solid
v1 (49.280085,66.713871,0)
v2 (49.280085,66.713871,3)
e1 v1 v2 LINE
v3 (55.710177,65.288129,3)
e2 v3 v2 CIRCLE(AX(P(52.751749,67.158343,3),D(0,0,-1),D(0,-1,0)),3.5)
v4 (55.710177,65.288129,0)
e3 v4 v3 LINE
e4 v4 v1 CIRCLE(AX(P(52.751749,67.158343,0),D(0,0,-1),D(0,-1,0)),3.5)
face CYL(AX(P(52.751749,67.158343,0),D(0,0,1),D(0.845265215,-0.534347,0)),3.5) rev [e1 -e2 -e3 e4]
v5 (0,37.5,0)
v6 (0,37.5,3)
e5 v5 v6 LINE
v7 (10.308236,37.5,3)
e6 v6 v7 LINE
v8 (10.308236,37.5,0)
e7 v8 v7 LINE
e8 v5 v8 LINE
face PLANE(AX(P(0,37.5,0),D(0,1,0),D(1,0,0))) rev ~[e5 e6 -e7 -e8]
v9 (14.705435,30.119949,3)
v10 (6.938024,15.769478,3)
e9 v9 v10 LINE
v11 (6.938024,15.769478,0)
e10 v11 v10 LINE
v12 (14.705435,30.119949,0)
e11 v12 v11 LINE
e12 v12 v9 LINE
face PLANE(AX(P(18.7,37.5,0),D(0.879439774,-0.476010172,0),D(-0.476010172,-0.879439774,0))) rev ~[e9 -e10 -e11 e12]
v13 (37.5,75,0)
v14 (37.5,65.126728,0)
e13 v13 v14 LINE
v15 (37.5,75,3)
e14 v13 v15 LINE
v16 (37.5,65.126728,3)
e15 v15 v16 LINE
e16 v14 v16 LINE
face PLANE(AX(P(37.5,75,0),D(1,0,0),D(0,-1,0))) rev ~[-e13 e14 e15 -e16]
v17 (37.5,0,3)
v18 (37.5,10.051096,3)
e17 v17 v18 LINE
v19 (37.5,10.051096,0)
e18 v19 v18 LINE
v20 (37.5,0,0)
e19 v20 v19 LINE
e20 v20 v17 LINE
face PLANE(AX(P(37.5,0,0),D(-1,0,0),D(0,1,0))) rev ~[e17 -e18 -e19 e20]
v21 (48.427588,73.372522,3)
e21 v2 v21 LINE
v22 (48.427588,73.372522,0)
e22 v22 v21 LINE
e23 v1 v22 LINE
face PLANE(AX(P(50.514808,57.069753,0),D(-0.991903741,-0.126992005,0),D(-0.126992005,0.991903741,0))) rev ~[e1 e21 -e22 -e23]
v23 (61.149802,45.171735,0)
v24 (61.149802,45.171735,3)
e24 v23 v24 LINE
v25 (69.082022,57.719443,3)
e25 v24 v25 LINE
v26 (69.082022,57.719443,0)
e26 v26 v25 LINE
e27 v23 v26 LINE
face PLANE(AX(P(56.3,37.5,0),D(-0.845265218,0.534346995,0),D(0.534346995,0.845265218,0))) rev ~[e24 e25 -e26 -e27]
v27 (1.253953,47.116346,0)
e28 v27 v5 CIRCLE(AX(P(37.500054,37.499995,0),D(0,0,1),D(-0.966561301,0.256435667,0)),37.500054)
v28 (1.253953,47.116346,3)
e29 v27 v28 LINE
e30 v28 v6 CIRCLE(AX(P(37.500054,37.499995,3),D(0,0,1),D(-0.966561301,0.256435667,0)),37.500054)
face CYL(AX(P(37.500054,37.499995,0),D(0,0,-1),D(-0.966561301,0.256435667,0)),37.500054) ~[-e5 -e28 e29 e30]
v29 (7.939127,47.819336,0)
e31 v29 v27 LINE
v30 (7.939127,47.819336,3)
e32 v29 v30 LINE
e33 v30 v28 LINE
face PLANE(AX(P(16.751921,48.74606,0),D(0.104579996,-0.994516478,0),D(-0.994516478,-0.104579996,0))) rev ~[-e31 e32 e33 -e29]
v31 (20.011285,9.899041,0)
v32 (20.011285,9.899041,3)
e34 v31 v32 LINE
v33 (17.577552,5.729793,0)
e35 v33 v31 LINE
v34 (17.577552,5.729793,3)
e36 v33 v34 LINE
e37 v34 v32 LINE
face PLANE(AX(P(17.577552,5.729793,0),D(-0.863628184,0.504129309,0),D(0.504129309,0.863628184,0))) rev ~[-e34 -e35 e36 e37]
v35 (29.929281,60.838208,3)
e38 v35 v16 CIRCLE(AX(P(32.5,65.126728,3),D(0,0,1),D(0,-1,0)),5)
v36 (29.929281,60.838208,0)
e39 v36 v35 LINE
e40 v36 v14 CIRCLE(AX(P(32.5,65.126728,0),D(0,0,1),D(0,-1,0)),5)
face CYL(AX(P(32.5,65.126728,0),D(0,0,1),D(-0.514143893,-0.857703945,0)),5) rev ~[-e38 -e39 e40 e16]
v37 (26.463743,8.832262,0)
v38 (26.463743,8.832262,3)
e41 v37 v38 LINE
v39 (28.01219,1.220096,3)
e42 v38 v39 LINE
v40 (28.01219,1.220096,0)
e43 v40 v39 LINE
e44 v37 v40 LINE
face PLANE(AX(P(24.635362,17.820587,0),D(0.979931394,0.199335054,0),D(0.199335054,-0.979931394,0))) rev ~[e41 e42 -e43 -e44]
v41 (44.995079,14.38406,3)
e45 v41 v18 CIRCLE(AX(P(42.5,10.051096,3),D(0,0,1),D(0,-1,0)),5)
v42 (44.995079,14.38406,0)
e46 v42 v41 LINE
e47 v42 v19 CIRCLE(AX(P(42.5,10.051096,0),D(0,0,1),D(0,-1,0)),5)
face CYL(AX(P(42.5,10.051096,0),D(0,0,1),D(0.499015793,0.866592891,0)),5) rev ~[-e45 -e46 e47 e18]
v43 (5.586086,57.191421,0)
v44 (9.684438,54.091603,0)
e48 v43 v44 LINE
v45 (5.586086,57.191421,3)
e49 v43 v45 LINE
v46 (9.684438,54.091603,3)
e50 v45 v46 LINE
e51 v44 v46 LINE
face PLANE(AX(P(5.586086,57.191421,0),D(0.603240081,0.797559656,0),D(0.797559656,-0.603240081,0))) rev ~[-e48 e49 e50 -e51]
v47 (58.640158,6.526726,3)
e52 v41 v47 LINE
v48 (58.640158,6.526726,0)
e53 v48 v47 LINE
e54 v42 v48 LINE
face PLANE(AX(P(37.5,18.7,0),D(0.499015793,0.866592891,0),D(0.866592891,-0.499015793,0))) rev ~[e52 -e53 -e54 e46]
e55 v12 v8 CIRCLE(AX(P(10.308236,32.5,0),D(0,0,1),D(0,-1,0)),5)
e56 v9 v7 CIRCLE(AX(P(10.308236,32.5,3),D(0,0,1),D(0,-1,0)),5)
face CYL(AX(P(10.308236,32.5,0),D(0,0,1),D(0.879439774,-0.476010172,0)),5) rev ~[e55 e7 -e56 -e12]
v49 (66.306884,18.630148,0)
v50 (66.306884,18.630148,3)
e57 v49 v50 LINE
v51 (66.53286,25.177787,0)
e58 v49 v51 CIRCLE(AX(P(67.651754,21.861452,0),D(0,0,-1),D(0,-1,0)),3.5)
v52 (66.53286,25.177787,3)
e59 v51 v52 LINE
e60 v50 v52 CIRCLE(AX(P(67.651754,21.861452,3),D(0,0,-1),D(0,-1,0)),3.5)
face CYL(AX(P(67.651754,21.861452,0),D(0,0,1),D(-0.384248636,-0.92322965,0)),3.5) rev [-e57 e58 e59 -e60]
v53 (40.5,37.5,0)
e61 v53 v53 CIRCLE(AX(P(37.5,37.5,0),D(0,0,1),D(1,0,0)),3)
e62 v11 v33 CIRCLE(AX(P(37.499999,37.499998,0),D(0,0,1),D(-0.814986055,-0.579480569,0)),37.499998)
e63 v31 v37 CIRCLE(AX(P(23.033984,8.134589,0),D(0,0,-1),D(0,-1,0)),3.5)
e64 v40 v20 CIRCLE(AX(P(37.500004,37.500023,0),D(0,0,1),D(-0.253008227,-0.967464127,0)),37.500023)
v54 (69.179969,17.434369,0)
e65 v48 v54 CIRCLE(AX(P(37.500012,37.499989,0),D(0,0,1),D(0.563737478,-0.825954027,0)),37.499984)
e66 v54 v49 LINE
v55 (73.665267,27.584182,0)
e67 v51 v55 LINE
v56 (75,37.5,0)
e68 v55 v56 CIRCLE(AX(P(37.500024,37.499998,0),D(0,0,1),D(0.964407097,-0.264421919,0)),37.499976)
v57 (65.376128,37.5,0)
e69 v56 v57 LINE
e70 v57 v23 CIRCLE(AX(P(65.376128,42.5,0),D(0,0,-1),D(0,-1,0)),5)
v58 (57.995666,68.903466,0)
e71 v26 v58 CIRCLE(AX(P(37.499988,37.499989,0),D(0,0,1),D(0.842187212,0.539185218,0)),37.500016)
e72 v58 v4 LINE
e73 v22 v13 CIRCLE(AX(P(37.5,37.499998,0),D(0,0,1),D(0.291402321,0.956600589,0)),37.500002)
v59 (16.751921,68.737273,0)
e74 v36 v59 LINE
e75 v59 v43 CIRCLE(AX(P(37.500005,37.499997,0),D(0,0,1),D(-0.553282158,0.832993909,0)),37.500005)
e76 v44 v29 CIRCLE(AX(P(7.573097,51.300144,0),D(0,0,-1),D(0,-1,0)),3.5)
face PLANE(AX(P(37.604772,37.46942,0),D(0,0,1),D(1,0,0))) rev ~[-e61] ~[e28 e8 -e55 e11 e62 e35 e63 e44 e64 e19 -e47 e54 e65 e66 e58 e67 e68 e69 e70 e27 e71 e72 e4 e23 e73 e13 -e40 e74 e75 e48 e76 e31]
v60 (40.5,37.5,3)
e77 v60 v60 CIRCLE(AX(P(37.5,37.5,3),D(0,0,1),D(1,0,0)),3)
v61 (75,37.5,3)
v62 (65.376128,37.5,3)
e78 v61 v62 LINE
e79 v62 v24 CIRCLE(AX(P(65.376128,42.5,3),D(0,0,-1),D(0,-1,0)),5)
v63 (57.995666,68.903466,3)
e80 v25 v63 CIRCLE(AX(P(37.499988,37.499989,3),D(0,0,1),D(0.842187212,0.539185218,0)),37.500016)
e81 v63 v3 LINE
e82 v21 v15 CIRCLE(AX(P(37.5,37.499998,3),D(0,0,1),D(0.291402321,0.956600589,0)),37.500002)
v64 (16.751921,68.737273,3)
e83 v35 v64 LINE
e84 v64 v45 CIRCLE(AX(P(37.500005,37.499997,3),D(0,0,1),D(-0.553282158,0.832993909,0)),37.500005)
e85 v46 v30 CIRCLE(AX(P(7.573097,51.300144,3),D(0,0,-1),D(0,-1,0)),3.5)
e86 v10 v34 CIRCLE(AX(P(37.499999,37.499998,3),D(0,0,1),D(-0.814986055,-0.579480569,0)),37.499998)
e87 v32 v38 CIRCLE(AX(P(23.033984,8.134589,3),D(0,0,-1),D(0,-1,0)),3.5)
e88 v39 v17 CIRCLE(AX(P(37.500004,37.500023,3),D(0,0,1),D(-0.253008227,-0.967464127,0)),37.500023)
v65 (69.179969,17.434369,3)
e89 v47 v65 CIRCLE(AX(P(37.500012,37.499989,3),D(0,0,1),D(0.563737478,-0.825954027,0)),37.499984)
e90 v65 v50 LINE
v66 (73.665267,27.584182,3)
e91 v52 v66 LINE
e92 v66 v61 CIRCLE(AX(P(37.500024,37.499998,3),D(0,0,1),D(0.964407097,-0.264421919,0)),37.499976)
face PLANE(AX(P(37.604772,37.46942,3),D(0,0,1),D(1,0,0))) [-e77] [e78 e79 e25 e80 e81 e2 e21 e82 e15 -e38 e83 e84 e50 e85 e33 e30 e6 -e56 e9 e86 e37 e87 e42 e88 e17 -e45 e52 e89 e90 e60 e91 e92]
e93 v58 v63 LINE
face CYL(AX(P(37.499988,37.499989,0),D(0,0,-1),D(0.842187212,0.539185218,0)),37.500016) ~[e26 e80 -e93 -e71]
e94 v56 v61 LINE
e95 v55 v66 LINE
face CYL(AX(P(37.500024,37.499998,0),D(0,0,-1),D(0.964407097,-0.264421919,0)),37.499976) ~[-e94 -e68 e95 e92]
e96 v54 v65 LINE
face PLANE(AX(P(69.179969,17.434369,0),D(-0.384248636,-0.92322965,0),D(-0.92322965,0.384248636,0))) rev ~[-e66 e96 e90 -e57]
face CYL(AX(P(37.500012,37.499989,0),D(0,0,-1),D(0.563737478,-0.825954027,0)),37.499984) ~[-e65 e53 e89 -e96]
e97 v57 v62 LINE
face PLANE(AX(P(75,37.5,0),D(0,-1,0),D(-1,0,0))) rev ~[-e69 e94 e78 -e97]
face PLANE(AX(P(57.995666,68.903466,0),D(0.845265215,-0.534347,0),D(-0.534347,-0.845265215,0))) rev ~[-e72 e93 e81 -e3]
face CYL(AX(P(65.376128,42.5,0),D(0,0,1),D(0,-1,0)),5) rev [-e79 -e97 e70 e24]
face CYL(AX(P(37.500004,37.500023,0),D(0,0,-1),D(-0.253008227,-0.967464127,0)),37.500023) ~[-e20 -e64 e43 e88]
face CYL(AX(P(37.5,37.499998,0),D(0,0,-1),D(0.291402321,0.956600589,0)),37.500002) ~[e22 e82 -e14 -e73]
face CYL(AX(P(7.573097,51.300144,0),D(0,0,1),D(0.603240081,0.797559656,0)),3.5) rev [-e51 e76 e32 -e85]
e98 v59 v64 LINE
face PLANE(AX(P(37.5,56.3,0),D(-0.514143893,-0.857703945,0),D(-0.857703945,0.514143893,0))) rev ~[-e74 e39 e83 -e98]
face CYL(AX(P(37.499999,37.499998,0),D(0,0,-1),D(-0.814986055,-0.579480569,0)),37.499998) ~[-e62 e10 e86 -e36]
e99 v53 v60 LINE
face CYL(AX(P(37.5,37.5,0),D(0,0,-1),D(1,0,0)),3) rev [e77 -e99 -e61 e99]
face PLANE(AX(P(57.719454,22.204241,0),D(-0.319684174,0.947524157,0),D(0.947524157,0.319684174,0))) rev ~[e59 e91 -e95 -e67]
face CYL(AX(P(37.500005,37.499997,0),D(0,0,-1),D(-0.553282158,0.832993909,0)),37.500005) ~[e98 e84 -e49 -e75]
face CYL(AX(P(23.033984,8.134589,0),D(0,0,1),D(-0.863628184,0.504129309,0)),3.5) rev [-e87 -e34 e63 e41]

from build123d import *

# Parameters (mm, degrees)
F0_R     = 3
F1_DEPTH = 3
F2_R     = 5
F3_R     = 5
F4_R     = 5
F5_R     = 5
F6_R     = 3.5
F7_R     = 3.5
F8_R     = 3.5
F9_R     = 3.5


with BuildPart() as f1:
    # F0 (on Top) → F1 (new body)
    with BuildSketch(Plane.XY):
        with BuildLine():
            ThreePointArc((73.665267, 27.584182), (74.664819, 32.497377), (75, 37.5))
            Line((75, 37.5), (56.3, 37.5))
            Line((56.3, 37.5), (69.082022, 57.719443))
            ThreePointArc((69.082022, 57.719443), (64.132536, 63.899962), (57.995666, 68.903466))
            Line((57.995666, 68.903466), (50.514808, 57.069753))
            Line((50.514808, 57.069753), (48.427588, 73.372522))
            ThreePointArc((48.427588, 73.372522), (43.024058, 74.590899), (37.5, 75))
            Line((37.5, 75), (37.5, 56.3))
            Line((37.5, 56.3), (16.751921, 68.737273))
            ThreePointArc((16.751921, 68.737273), (10.54359, 63.569176), (5.586086, 57.191421))
            Line((5.586086, 57.191421), (16.751921, 48.74606))
            Line((16.751921, 48.74606), (1.253953, 47.116346))
            ThreePointArc((1.253953, 47.116346), (0.31481, 42.348879), (0, 37.5))
            Line((0, 37.5), (18.7, 37.5))
            Line((18.7, 37.5), (6.938024, 15.769478))
            ThreePointArc((6.938024, 15.769478), (11.763487, 10.225802), (17.577552, 5.729793))
            Line((17.577552, 5.729793), (24.635362, 17.820587))
            Line((24.635362, 17.820587), (28.01219, 1.220096))
            ThreePointArc((28.01219, 1.220096), (32.717031, 0.306275), (37.5, 0))
            Line((37.5, 0), (37.5, 18.7))
            Line((37.5, 18.7), (58.640158, 6.526726))
            ThreePointArc((58.640158, 6.526726), (64.467307, 11.442096), (69.179969, 17.434369))
            Line((69.179969, 17.434369), (57.719454, 22.204241))
            Line((57.719454, 22.204241), (73.665267, 27.584182))
        make_face()
        with Locations((37.5, 37.5)):
            Circle(F0_R, mode=Mode.SUBTRACT)
    extrude(amount=F1_DEPTH)

    # F2
    f2_edges = [f1.edges().sort_by_distance(p)[0] for p in [
        (37.5, 18.7, 1.5),
    ]]
    fillet(f2_edges, radius=F2_R)

    # F3
    f3_edges = [f1.edges().sort_by_distance(p)[0] for p in [
        (56.3, 37.5, 1.5),
    ]]
    fillet(f3_edges, radius=F3_R)

    # F4
    f4_edges = [f1.edges().sort_by_distance(p)[0] for p in [
        (18.7, 37.5, 1.5),
    ]]
    fillet(f4_edges, radius=F4_R)

    # F5
    f5_edges = [f1.edges().sort_by_distance(p)[0] for p in [
        (37.5, 56.3, 1.5),
    ]]
    fillet(f5_edges, radius=F5_R)

    # F6
    f6_edges = [f1.edges().sort_by_distance(p)[0] for p in [
        (24.635362, 17.820587, 1.5),
    ]]
    fillet(f6_edges, radius=F6_R)

    # F7
    f7_edges = [f1.edges().sort_by_distance(p)[0] for p in [
        (57.719454, 22.204241, 1.5),
    ]]
    fillet(f7_edges, radius=F7_R)

    # F8
    f8_edges = [f1.edges().sort_by_distance(p)[0] for p in [
        (50.514808, 57.069753, 1.5),
    ]]
    fillet(f8_edges, radius=F8_R)

    # F9
    f9_edges = [f1.edges().sort_by_distance(p)[0] for p in [
        (16.751921, 48.74606, 1.5),
    ]]
    fillet(f9_edges, radius=F9_R)


solid = f1.part
